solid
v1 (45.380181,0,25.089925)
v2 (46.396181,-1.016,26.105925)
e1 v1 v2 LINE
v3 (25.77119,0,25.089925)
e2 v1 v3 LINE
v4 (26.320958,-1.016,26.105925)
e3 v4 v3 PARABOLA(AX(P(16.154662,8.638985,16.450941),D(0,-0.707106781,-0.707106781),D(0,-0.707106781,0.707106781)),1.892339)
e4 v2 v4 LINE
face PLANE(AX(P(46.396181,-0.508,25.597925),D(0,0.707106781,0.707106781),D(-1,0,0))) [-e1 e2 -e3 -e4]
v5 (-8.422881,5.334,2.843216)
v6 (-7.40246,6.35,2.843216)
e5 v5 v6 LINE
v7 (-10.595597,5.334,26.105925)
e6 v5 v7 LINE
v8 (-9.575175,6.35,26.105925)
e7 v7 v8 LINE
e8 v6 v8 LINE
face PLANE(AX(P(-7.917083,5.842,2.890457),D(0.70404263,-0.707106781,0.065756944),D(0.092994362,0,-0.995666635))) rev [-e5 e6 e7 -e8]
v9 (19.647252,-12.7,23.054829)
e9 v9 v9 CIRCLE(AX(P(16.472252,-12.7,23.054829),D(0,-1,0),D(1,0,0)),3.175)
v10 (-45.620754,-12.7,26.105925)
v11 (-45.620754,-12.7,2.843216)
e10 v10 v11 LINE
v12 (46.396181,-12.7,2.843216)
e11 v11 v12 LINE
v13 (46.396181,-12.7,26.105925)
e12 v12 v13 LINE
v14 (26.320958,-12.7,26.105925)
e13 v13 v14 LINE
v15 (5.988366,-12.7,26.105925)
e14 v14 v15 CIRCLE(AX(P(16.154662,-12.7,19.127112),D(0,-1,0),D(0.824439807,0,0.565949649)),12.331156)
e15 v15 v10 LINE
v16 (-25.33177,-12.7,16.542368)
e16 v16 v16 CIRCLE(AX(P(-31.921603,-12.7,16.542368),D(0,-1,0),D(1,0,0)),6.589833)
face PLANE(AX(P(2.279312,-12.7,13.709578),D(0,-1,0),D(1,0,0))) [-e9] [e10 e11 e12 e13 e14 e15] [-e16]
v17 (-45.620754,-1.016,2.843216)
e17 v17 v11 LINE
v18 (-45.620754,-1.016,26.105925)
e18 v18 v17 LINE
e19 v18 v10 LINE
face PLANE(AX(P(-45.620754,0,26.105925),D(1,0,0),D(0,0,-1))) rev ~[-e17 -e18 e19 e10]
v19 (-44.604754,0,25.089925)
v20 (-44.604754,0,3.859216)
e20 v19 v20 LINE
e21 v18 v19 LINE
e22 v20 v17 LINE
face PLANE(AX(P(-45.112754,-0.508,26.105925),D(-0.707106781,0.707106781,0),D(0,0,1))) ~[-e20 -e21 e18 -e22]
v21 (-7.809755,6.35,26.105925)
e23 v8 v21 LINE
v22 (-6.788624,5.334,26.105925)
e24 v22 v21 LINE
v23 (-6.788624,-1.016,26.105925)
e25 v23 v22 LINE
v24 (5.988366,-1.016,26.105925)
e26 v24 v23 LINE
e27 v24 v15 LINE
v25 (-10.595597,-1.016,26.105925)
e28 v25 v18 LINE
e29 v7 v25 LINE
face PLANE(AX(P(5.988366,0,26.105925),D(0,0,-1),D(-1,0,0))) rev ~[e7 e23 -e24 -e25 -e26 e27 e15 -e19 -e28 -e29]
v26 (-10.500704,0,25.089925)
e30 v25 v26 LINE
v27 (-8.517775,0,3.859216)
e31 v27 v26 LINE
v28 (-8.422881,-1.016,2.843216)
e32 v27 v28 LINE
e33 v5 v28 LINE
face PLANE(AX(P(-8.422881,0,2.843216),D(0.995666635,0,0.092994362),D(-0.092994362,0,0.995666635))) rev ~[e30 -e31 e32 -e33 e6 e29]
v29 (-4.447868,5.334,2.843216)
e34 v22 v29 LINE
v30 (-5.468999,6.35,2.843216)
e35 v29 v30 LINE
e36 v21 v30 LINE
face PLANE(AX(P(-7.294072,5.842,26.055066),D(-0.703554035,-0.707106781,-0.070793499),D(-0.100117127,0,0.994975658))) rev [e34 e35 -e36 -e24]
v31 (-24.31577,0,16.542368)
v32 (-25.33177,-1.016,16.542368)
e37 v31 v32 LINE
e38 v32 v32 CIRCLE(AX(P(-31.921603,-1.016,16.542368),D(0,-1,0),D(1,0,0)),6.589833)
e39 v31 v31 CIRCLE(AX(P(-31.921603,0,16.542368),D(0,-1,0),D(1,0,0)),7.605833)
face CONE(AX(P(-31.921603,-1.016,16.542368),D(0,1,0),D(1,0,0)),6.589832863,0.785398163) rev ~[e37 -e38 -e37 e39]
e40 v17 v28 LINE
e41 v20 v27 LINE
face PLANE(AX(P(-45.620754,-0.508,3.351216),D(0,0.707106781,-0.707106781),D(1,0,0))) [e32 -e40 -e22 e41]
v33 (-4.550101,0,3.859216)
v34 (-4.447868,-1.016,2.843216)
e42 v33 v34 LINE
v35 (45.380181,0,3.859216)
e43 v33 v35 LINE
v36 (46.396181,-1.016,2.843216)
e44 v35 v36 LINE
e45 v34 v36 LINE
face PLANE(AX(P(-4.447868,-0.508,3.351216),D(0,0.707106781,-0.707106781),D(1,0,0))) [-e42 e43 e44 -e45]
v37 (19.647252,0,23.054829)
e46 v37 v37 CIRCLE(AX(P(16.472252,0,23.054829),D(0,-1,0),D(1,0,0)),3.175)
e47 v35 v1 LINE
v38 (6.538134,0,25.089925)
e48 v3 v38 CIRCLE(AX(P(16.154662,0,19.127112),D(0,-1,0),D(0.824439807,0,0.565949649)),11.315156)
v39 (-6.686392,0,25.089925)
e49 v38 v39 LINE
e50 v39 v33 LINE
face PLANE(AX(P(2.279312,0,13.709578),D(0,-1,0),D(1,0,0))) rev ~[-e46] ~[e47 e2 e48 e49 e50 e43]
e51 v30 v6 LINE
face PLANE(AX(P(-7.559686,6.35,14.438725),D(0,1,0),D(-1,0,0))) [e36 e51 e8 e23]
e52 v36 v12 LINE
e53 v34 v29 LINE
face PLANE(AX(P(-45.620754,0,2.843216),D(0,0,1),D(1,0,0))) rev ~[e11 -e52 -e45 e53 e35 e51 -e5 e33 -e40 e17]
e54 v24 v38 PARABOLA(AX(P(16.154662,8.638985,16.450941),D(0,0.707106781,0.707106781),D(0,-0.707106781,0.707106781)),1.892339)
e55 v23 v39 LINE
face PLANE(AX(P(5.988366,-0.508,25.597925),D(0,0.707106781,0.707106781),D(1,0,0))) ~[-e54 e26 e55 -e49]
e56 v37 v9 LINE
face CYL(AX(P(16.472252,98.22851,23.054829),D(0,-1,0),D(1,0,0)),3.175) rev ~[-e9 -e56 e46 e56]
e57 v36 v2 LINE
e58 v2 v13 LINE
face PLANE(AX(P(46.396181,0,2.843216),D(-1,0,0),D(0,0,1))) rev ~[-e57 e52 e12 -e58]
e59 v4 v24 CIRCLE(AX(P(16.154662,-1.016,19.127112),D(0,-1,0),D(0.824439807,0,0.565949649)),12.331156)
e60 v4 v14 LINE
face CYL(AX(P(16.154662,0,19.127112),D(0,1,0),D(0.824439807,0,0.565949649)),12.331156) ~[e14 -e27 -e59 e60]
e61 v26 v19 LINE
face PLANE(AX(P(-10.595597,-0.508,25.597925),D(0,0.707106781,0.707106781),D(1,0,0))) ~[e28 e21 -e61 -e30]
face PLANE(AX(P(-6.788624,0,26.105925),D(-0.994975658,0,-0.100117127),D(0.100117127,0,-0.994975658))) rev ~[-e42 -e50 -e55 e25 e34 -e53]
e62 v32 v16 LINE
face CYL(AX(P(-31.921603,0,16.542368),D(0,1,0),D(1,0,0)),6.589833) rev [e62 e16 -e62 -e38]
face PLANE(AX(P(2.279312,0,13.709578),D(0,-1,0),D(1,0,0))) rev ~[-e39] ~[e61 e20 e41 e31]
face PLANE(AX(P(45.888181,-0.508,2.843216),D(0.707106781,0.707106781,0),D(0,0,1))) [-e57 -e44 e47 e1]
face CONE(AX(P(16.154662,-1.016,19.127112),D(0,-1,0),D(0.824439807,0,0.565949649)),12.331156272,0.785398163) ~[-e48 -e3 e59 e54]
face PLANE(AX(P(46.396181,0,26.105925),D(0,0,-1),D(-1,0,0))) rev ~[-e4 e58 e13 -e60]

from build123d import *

# Parameters (mm, degrees)
F0_R     = 6.5898328627
F1_DEPTH = 12.7
F3_DEPTH = 6.35
F4_SIZE  = 1.016
F6_D     = 6.35


with BuildPart() as f1:
    # F0 (on Front) → F1 (new body)
    with BuildSketch(Plane.XZ):
        with BuildLine():
            Line((5.9883656788, 26.1059254408), (-45.6207543612, 26.1059254408))
            Line((-45.6207543612, 26.1059254408), (-45.6207543612, 2.8432162944))
            Line((-45.6207543612, 2.8432162944), (46.3961809874, 2.8432162944))
            Line((46.3961809874, 2.8432162944), (46.3961809874, 26.1059254408))
            Line((46.3961809874, 26.1059254408), (26.3209578705, 26.1059254408))
            ThreePointArc((26.3209578705, 26.1059254408), (27.9321742637, 22.7805506138), (28.4858180464, 19.127111882))
            ThreePointArc((28.4858180464, 19.127111882), (12.5012230428, 7.3495993929), (5.9883656788, 26.1059254408))
        make_face()
        with Locations((-31.9216027856, 16.5423676372)):
            Circle(F0_R, mode=Mode.SUBTRACT)
        with BuildLine():
            ThreePointArc((26.3209578705, 26.1059254408), (16.1546617746, 31.4582681537), (5.9883656788, 26.1059254408))
            Line((5.9883656788, 26.1059254408), (26.3209578705, 26.1059254408))
        make_face()
        with BuildLine():
            Line((26.3209578705, 26.1059254408), (5.9883656788, 26.1059254408))
            ThreePointArc((5.9883656788, 26.1059254408), (12.5012230428, 7.3495993929), (28.4858180464, 19.127111882))
            ThreePointArc((28.4858180464, 19.127111882), (27.9321742637, 22.7805506138), (26.3209578705, 26.1059254408))
        make_face()
    extrude(amount=F1_DEPTH)

    # F2 (on face) → F3 (join)
    with BuildSketch(Plane(origin=(0, 0, 0), x_dir=(-1, 0, 0), z_dir=(0, 1, 0))):
        Polygon((6.7886244506, 26.1059254408), (4.4478680938, 2.8432162944), (8.4228813648, 2.8432162944), (10.5955973268, 26.1059254408), align=None)
    extrude(amount=F3_DEPTH)

    # F4
    f4_edges = [f1.edges().sort_by_distance(p)[0] for p in [
        (-9.509239, 6.35, 14.474571),
        (-5.618246, 6.35, 14.474571),
        (20.974156, 0, 2.843216),
        (-27.021818, 0, 2.843216),
        (-38.511436, 0, 16.542368),
        (16.154662, 0, 31.458268),
        (-0.400129, 0, 26.105925),
        (-28.108176, 0, 26.105925),
        (-45.620754, 0, 14.474571),
        (46.396181, 0, 14.474571),
        (36.358569, 0, 26.105925),
    ]]
    chamfer(f4_edges, length=F4_SIZE)

    # F6 (through all)
    with Locations(Plane(origin=(0, 0, 0), x_dir=(-1, 0, 0), z_dir=(0, 1, 0))):
        with Locations((-16.4722520858, 23.0548288673)):
            Hole(F6_D / 2)


solid = f1.part
